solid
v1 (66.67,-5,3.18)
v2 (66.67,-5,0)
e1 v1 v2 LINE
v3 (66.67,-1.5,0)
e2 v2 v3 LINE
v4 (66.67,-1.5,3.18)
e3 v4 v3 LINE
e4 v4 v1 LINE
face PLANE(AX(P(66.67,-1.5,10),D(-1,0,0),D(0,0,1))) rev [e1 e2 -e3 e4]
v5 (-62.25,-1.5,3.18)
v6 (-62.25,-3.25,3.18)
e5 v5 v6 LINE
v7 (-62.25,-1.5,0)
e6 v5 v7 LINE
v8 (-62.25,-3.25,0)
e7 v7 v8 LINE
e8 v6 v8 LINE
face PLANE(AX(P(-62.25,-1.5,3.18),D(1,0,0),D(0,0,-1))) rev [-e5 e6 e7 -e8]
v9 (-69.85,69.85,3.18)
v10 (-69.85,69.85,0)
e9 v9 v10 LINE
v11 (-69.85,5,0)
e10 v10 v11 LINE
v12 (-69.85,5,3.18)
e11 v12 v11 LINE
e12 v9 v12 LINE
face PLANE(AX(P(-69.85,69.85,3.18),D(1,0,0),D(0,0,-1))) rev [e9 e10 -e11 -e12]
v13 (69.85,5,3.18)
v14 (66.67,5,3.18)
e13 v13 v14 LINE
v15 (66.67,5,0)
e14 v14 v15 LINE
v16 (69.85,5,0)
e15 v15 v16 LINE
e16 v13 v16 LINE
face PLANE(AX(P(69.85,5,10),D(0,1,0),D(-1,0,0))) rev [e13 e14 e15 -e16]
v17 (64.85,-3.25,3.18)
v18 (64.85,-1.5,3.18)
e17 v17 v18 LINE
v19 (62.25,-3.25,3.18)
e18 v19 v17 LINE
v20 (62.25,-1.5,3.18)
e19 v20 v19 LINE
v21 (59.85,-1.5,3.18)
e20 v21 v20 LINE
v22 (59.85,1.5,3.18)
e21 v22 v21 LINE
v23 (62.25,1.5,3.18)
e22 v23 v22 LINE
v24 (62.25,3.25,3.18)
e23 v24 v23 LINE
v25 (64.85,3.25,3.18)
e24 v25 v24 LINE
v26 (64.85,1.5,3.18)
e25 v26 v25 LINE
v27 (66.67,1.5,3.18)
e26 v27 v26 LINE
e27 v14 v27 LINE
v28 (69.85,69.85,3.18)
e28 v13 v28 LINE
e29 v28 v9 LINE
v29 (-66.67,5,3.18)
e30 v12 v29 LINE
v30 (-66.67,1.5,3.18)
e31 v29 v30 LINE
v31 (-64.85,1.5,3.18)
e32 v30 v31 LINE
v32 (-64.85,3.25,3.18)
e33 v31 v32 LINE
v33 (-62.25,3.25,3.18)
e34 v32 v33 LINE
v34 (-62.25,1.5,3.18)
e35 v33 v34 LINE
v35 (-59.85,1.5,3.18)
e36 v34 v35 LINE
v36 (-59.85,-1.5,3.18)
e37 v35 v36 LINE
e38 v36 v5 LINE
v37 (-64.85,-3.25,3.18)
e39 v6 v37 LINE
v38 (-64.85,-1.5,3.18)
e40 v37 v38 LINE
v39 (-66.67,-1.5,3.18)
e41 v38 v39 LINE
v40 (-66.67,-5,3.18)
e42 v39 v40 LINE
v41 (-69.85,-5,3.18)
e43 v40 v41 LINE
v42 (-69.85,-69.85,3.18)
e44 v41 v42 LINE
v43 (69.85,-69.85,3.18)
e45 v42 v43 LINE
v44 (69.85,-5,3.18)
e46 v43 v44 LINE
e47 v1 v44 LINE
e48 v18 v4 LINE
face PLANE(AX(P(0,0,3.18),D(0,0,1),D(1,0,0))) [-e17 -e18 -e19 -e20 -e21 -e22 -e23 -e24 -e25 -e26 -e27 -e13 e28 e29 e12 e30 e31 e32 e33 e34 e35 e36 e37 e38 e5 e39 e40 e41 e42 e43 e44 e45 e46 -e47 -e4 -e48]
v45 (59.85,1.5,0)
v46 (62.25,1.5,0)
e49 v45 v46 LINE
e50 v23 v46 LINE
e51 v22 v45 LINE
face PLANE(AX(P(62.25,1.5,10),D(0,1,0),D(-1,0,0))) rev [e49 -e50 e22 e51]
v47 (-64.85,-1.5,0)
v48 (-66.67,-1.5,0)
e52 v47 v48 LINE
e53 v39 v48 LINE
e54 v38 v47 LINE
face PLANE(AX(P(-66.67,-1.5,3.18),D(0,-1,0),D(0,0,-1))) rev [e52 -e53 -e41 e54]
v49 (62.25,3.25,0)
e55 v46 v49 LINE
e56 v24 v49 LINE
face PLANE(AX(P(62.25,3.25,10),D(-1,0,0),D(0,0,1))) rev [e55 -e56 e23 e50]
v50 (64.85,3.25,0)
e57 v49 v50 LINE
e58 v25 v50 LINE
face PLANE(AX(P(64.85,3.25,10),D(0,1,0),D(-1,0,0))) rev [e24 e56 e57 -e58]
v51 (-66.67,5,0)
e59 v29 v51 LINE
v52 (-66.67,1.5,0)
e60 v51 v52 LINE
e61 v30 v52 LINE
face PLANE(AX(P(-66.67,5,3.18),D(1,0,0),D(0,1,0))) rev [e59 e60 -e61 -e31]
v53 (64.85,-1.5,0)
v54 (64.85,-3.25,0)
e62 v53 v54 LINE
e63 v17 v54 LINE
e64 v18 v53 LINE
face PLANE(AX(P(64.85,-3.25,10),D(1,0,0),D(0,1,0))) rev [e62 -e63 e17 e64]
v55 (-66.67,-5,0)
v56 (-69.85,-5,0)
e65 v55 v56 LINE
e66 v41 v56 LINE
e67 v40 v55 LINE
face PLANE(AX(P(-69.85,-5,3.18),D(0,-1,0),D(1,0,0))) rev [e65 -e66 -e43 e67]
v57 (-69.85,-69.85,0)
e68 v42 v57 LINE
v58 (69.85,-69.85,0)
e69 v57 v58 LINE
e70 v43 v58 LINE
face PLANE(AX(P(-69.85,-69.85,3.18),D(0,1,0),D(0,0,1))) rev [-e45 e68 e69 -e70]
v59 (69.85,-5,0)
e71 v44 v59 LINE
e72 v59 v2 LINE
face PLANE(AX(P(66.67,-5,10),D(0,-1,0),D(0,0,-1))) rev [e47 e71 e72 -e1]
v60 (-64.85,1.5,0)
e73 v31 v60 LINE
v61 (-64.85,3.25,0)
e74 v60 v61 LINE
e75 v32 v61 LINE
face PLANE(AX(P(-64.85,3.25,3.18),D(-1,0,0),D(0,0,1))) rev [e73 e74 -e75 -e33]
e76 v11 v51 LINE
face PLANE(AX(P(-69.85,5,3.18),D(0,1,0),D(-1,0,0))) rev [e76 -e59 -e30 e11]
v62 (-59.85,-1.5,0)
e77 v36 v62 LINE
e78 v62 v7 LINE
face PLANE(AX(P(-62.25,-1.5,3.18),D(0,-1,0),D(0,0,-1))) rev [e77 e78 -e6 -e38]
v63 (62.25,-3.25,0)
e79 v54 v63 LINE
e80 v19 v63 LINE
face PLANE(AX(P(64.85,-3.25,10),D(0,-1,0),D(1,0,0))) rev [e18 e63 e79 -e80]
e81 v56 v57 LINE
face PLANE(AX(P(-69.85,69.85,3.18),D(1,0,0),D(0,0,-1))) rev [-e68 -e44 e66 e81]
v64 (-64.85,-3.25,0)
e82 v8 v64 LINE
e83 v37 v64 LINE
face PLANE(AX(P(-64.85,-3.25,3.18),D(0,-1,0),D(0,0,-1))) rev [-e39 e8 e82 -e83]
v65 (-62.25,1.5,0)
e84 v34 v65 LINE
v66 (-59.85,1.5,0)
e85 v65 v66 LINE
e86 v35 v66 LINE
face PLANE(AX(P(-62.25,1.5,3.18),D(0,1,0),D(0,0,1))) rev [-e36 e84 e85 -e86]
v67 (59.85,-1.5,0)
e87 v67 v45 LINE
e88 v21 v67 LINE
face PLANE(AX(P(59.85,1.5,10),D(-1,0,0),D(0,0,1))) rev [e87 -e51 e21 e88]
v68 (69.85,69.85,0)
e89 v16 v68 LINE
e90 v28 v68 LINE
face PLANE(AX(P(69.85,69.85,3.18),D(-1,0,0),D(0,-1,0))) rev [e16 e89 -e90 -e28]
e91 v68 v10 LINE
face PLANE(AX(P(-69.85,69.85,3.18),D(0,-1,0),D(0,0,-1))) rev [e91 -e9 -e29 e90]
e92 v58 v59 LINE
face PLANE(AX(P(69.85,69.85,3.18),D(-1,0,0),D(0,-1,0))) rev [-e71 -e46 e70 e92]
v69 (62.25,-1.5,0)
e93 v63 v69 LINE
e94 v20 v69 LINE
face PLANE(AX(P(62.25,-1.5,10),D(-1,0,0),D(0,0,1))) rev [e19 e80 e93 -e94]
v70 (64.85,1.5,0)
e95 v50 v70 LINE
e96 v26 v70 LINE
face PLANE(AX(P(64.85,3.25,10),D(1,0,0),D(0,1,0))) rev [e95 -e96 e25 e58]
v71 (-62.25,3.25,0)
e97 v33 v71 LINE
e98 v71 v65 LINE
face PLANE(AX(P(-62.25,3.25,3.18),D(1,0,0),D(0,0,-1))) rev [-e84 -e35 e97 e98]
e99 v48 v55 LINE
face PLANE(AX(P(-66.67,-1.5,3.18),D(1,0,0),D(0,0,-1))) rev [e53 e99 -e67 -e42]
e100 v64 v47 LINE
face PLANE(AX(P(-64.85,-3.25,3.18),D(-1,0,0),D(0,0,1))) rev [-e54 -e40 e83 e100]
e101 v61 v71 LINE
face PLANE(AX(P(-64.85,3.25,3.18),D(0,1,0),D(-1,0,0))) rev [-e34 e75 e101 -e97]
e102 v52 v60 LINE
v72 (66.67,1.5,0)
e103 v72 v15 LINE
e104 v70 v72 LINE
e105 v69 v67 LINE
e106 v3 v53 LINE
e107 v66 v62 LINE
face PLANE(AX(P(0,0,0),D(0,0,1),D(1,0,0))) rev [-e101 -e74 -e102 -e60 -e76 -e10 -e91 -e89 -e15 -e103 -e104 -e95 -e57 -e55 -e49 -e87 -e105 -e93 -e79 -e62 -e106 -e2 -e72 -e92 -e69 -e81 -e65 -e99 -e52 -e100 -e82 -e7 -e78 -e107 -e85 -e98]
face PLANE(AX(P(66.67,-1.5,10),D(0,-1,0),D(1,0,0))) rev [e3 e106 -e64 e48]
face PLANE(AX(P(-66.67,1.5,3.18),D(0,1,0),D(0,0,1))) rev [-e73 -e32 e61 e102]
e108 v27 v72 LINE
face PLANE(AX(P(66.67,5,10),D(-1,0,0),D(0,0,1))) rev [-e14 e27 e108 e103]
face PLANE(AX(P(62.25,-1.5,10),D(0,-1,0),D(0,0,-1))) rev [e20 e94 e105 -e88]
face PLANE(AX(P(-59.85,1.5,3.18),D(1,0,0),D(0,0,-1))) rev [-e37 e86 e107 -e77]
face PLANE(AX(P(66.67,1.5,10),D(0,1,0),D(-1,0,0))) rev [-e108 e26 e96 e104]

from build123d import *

# Parameters (mm, degrees)
SKETCH1_W           = 139.7
SKETCH1_H           = 139.7
BOSS_EXTRUDE1_DEPTH = 3.18
CUT_EXTRUDE1_DEPTH  = 4.18
CUT_EXTRUDE3_DEPTH  = 10


with BuildPart() as part:
    # Sketch1 → Boss-Extrude1 (new body)
    with BuildSketch(Plane.XY):
        Rectangle(SKETCH1_W, SKETCH1_H)
    extrude(amount=BOSS_EXTRUDE1_DEPTH)

    # Sketch21 → Cut-Extrude1 (cut, through all)
    with BuildSketch(Plane(origin=(-38.395626554, -37.199596717, 0), x_dir=(-1, 0, 0), z_dir=(0, 0, -1))):
        Polygon((28.274373446, 35.699596717), (28.274373446, 32.199596717), (31.454373446, 32.199596717), (31.454373446, 42.199596717), (28.274373446, 42.199596717), (28.274373446, 38.699596717), (26.454373446, 38.699596717), (26.454373446, 40.449596717), (23.854373446, 40.449596717), (23.854373446, 38.699596717), (21.454373446, 38.699596717), (21.454373446, 35.699596717), (23.854373446, 35.699596717), (23.854373446, 33.949596717), (26.454373446, 33.949596717), (26.454373446, 35.699596717), align=None)
    extrude(amount=-CUT_EXTRUDE1_DEPTH, mode=Mode.SUBTRACT)

    # Sketch22 → Cut-Extrude3 (cut)
    with BuildSketch(Plane(origin=(0, 0, 0), x_dir=(-1, 0, 0), z_dir=(0, 0, -1))):
        Polygon((-66.67, -5), (-69.85, -5), (-69.85, 5), (-66.67, 5), (-66.67, 1.5), (-64.85, 1.5), (-64.85, 3.25), (-62.25, 3.25), (-62.25, 1.5), (-59.85, 1.5), (-59.85, -1.5), (-62.25, -1.5), (-62.25, -3.25), (-64.85, -3.25), (-64.85, -1.5), (-66.67, -1.5), align=None)
    extrude(amount=-CUT_EXTRUDE3_DEPTH, mode=Mode.SUBTRACT)


solid = part.part
